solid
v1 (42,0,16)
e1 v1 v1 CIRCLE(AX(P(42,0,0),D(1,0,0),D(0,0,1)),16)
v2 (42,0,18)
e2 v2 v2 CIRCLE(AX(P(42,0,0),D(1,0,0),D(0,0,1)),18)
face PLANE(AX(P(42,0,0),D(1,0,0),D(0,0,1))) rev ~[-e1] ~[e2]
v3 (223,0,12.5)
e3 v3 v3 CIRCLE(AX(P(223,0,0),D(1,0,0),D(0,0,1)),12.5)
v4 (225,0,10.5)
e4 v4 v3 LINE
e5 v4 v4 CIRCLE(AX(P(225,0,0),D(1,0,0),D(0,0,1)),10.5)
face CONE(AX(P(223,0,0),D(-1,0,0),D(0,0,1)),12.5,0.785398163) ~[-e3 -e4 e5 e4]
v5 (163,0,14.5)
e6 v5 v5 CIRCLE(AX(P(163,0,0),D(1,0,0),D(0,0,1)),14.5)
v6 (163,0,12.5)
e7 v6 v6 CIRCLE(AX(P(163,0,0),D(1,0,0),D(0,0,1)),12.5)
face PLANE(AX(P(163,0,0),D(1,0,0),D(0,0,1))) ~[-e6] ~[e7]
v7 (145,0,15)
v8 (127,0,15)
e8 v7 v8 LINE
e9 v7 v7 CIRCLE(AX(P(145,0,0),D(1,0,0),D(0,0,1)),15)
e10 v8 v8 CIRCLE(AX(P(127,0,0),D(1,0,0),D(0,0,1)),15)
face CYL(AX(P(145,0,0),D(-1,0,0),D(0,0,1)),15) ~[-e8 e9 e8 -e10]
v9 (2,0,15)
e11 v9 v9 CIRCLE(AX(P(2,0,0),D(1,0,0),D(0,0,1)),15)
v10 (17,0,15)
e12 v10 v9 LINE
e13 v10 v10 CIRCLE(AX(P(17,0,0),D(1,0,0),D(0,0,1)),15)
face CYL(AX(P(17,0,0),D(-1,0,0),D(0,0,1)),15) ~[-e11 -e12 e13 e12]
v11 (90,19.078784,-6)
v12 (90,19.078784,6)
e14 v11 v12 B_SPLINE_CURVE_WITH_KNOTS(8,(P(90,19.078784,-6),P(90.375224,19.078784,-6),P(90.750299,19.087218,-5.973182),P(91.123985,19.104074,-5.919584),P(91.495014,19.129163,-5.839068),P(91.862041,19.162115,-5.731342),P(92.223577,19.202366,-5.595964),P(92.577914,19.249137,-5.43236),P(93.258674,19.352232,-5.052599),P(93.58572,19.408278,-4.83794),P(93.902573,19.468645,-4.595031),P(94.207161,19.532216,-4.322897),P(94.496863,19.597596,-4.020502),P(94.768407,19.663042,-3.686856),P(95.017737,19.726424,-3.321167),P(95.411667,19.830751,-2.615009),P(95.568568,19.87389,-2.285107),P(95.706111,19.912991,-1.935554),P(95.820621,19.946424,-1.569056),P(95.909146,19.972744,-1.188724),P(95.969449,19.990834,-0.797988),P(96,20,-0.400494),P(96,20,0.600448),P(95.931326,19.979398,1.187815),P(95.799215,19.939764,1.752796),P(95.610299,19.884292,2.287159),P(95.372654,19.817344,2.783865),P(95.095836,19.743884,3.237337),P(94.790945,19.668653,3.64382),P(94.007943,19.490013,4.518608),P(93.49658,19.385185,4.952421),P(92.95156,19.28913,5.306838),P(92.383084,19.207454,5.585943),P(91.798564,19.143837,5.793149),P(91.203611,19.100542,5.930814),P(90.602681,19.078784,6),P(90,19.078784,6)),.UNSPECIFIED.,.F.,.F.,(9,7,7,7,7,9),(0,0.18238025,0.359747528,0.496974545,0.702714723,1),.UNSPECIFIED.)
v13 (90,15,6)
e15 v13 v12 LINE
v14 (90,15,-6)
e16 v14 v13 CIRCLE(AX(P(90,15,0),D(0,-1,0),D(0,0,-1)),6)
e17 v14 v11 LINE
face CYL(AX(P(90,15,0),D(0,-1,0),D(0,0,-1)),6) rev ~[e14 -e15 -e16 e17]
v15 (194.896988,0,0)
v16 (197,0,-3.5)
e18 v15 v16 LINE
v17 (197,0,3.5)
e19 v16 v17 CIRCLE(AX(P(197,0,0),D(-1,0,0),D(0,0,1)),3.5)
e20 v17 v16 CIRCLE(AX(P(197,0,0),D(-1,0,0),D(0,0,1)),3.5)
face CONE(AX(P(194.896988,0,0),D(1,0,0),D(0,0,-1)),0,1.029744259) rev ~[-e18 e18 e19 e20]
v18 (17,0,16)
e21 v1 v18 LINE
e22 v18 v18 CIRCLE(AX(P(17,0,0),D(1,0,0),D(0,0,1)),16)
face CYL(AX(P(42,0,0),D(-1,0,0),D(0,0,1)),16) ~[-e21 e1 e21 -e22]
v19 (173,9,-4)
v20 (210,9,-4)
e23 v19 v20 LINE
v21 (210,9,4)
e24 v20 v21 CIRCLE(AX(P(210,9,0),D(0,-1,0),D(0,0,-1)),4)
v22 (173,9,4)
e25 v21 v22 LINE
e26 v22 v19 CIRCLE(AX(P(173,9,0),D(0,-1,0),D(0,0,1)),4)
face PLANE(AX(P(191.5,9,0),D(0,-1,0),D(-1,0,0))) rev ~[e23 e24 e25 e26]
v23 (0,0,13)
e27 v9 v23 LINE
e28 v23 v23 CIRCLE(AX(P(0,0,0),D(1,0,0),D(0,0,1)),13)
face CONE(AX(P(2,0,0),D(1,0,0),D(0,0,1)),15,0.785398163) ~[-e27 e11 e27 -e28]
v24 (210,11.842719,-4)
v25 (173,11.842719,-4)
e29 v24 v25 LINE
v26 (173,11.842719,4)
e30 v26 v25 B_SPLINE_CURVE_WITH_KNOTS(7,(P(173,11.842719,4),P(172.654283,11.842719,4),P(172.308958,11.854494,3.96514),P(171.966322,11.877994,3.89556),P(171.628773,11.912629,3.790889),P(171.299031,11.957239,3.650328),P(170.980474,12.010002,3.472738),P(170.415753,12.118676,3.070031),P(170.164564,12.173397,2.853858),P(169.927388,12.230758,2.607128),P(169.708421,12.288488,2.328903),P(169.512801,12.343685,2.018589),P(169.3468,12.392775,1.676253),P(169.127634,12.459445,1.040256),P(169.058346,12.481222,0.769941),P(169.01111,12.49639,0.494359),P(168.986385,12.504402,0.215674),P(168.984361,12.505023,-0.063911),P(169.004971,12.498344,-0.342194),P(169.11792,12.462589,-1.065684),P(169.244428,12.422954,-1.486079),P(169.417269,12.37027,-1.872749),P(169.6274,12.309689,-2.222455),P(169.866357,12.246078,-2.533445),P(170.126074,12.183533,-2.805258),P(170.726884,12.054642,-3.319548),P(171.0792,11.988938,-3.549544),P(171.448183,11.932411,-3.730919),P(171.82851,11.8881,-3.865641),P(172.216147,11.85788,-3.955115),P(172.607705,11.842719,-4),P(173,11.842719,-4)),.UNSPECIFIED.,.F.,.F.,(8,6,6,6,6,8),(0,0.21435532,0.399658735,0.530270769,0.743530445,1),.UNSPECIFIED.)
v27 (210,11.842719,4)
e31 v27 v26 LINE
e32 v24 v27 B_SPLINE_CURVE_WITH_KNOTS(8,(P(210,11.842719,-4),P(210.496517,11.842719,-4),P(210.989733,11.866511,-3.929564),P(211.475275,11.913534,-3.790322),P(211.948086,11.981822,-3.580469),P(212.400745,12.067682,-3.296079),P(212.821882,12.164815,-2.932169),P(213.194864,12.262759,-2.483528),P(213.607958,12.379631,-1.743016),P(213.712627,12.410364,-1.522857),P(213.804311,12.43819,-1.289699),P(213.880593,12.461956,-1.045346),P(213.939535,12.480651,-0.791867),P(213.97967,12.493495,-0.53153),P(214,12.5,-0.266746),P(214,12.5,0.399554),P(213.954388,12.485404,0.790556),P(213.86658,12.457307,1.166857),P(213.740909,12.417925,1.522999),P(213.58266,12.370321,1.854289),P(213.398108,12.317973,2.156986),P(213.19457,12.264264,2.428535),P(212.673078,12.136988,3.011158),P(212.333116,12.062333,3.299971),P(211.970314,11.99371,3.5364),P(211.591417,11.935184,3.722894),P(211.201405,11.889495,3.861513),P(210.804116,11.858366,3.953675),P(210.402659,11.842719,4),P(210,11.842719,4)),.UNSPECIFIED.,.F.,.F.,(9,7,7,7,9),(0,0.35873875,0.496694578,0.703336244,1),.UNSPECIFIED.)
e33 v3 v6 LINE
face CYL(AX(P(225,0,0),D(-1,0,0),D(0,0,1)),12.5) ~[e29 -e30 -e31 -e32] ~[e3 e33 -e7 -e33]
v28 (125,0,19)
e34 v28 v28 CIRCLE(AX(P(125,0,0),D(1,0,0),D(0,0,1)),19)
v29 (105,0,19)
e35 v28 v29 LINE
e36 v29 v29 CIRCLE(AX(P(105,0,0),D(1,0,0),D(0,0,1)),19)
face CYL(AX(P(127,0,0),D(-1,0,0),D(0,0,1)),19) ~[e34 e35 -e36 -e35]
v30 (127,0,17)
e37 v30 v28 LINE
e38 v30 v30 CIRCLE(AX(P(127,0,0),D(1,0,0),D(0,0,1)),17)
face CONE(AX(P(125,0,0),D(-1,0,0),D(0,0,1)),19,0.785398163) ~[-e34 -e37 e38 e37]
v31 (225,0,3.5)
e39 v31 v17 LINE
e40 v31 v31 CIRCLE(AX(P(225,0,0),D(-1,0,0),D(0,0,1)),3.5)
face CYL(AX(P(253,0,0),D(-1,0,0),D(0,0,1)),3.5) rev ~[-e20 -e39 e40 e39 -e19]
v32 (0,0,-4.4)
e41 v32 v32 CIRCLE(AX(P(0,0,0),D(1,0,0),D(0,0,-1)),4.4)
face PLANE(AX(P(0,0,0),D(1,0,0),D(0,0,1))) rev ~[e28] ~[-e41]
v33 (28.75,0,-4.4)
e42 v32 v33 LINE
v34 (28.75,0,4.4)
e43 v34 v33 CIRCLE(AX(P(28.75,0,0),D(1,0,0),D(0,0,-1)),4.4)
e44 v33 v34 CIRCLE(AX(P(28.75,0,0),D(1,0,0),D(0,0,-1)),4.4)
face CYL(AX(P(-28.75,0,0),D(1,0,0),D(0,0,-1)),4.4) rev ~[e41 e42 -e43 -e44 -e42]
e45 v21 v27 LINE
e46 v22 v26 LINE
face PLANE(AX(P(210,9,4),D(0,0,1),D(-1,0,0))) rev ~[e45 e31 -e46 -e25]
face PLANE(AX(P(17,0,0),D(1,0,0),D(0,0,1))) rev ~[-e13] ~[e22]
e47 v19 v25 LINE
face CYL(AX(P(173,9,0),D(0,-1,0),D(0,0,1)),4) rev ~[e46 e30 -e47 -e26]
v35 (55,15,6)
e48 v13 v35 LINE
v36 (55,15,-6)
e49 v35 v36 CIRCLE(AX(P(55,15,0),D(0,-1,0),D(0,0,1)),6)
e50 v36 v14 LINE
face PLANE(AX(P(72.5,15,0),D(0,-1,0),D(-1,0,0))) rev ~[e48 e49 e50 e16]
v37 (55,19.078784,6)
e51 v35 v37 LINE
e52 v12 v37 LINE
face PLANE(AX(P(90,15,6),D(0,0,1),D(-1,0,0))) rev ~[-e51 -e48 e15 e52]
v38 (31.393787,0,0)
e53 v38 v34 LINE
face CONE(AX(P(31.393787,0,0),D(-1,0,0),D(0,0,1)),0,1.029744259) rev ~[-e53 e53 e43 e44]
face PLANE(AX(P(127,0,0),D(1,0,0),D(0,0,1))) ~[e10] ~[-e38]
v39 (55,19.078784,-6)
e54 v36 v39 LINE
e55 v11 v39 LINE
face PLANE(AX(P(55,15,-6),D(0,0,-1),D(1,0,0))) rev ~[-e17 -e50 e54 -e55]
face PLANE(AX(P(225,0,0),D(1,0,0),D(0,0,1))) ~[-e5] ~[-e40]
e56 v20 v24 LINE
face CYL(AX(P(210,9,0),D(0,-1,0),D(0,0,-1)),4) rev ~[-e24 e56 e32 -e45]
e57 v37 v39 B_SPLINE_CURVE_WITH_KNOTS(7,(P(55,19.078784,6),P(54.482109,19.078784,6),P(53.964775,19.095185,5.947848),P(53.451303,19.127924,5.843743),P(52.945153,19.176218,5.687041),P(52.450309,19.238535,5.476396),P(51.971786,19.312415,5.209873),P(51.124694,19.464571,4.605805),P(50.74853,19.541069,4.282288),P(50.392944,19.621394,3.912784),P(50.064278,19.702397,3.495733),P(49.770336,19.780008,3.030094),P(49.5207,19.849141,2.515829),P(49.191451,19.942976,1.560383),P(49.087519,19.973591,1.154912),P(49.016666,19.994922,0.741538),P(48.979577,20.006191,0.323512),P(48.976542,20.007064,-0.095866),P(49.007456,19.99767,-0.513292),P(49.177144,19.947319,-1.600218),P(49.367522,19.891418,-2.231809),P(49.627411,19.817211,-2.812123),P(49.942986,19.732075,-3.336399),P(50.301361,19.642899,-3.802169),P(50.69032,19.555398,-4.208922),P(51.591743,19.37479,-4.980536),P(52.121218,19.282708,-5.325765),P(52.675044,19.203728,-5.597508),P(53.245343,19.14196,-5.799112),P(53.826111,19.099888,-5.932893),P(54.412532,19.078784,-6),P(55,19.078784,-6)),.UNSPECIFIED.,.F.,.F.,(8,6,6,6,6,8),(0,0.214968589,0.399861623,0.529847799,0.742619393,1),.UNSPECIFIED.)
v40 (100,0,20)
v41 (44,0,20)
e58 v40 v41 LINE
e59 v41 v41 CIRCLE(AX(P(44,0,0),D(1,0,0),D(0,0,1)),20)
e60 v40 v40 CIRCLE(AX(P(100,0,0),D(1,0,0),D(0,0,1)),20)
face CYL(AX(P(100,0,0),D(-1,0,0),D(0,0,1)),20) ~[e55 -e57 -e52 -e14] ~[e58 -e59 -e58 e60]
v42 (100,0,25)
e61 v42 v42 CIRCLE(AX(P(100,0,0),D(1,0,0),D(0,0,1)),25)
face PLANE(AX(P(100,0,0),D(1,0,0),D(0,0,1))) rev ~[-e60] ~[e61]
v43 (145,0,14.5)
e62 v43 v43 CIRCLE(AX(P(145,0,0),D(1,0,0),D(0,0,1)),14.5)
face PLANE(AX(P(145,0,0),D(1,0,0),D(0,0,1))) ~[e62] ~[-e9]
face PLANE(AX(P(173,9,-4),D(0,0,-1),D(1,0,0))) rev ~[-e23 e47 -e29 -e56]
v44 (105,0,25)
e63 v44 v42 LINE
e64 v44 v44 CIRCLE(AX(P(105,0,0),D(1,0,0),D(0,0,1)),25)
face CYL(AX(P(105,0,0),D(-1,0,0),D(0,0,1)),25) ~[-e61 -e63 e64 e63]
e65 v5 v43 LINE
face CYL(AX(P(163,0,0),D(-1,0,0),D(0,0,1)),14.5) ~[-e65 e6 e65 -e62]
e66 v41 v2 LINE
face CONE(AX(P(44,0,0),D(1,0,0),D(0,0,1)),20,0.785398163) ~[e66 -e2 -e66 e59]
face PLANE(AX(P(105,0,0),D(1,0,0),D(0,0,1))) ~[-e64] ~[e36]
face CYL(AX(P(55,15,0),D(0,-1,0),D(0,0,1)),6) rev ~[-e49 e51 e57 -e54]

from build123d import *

# Parameters (mm, degrees)
PAH1_SIZE                   = 2
KES_EKSTR_ZYON1_START       = 15
KES_EKSTR_ZYON1_DEPTH       = 10
KES_EKSTR_ZYON2_START       = 9
KES_EKSTR_ZYON2_DEPTH       = 10
M8X1_0_DI_LI_DELIK1_D       = 7
M8X1_0_DI_LI_DELIK1_DEPTH   = 28
M8X1_0_DI_LI_DELIK1_TIP     = 2.103012167
M10X1_25_DI_LI_DELIK1_D     = 8.8
M10X1_25_DI_LI_DELIK1_DEPTH = 28.75
M10X1_25_DI_LI_DELIK1_TIP   = 2.643786724


with BuildPart() as part:
    # Çizim1 → Döndür1 (revolve)
    with BuildSketch(Plane(origin=(0, 0, 0), x_dir=(1, 0, 0), z_dir=(0, 0, -1)), mode=Mode.PRIVATE) as d_nd_r1_sk:
        Polygon((0, 0), (225, 0), (225, 12.5), (163, 12.5), (163, 14.5), (145, 14.5), (145, 15), (127, 15), (127, 19), (105, 19), (105, 25), (100, 25), (100, 20), (42, 20), (42, 16), (17, 16), (17, 15), (0, 15), align=None)
    revolve(d_nd_r1_sk.sketch.rotate(Axis((0, 0, 0), (1, 0, 0)), 270), axis=Axis((0, 0, 0), (1, 0, 0)))

    # Pah1
    pah1_edges = [part.edges().sort_by_distance(p)[0] for p in [
        (225, 0, -12.5),
        (127, 0, -19),
        (42, 0, -20),
        (0, 0, -15),
    ]]
    chamfer(pah1_edges, length=PAH1_SIZE)

    # Çizim2 → Kes-Ekstrüzyon1 (cut)
    with BuildSketch(Plane(origin=(0, 0, 0), x_dir=(1, 0, 0), z_dir=(0, 1, 0)).offset(KES_EKSTR_ZYON1_START)):
        with BuildLine():
            Line((55, 6), (90, 6))
            ThreePointArc((90, 6), (96, 0), (90, -6))
            Line((90, -6), (55, -6))
            ThreePointArc((55, -6), (49, 0), (55, 6))
        make_face()
    extrude(amount=KES_EKSTR_ZYON1_DEPTH, mode=Mode.SUBTRACT)

    # Çizim3 → Kes-Ekstrüzyon2 (cut)
    with BuildSketch(Plane(origin=(0, 0, 0), x_dir=(1, 0, 0), z_dir=(0, 1, 0)).offset(KES_EKSTR_ZYON2_START)):
        with BuildLine():
            Line((173, 4), (210, 4))
            ThreePointArc((210, 4), (214, 0), (210, -4))
            Line((210, -4), (173, -4))
            ThreePointArc((173, -4), (169, 0), (173, 4))
        make_face()
    extrude(amount=KES_EKSTR_ZYON2_DEPTH, mode=Mode.SUBTRACT)

    # M8x1.0 Dişli Delik1
    with Locations(Plane(origin=(225, 0, 0), x_dir=(0, 0, -1), z_dir=(1, 0, 0))):
        with Locations((0, 0)):
            Hole(M8X1_0_DI_LI_DELIK1_D / 2, depth=M8X1_0_DI_LI_DELIK1_DEPTH)
            with Locations((0, 0, -(M8X1_0_DI_LI_DELIK1_DEPTH + M8X1_0_DI_LI_DELIK1_TIP / 2))):  # 118° drill point
                Cone(0, M8X1_0_DI_LI_DELIK1_D / 2, M8X1_0_DI_LI_DELIK1_TIP, mode=Mode.SUBTRACT)

    # M10x1.25 Dişli Delik1
    with Locations(Plane.ZY):
        with Locations((0, 0)):
            Hole(M10X1_25_DI_LI_DELIK1_D / 2, depth=M10X1_25_DI_LI_DELIK1_DEPTH)
            with Locations((0, 0, -(M10X1_25_DI_LI_DELIK1_DEPTH + M10X1_25_DI_LI_DELIK1_TIP / 2))):  # 118° drill point
                Cone(0, M10X1_25_DI_LI_DELIK1_D / 2, M10X1_25_DI_LI_DELIK1_TIP, mode=Mode.SUBTRACT)


solid = part.part
